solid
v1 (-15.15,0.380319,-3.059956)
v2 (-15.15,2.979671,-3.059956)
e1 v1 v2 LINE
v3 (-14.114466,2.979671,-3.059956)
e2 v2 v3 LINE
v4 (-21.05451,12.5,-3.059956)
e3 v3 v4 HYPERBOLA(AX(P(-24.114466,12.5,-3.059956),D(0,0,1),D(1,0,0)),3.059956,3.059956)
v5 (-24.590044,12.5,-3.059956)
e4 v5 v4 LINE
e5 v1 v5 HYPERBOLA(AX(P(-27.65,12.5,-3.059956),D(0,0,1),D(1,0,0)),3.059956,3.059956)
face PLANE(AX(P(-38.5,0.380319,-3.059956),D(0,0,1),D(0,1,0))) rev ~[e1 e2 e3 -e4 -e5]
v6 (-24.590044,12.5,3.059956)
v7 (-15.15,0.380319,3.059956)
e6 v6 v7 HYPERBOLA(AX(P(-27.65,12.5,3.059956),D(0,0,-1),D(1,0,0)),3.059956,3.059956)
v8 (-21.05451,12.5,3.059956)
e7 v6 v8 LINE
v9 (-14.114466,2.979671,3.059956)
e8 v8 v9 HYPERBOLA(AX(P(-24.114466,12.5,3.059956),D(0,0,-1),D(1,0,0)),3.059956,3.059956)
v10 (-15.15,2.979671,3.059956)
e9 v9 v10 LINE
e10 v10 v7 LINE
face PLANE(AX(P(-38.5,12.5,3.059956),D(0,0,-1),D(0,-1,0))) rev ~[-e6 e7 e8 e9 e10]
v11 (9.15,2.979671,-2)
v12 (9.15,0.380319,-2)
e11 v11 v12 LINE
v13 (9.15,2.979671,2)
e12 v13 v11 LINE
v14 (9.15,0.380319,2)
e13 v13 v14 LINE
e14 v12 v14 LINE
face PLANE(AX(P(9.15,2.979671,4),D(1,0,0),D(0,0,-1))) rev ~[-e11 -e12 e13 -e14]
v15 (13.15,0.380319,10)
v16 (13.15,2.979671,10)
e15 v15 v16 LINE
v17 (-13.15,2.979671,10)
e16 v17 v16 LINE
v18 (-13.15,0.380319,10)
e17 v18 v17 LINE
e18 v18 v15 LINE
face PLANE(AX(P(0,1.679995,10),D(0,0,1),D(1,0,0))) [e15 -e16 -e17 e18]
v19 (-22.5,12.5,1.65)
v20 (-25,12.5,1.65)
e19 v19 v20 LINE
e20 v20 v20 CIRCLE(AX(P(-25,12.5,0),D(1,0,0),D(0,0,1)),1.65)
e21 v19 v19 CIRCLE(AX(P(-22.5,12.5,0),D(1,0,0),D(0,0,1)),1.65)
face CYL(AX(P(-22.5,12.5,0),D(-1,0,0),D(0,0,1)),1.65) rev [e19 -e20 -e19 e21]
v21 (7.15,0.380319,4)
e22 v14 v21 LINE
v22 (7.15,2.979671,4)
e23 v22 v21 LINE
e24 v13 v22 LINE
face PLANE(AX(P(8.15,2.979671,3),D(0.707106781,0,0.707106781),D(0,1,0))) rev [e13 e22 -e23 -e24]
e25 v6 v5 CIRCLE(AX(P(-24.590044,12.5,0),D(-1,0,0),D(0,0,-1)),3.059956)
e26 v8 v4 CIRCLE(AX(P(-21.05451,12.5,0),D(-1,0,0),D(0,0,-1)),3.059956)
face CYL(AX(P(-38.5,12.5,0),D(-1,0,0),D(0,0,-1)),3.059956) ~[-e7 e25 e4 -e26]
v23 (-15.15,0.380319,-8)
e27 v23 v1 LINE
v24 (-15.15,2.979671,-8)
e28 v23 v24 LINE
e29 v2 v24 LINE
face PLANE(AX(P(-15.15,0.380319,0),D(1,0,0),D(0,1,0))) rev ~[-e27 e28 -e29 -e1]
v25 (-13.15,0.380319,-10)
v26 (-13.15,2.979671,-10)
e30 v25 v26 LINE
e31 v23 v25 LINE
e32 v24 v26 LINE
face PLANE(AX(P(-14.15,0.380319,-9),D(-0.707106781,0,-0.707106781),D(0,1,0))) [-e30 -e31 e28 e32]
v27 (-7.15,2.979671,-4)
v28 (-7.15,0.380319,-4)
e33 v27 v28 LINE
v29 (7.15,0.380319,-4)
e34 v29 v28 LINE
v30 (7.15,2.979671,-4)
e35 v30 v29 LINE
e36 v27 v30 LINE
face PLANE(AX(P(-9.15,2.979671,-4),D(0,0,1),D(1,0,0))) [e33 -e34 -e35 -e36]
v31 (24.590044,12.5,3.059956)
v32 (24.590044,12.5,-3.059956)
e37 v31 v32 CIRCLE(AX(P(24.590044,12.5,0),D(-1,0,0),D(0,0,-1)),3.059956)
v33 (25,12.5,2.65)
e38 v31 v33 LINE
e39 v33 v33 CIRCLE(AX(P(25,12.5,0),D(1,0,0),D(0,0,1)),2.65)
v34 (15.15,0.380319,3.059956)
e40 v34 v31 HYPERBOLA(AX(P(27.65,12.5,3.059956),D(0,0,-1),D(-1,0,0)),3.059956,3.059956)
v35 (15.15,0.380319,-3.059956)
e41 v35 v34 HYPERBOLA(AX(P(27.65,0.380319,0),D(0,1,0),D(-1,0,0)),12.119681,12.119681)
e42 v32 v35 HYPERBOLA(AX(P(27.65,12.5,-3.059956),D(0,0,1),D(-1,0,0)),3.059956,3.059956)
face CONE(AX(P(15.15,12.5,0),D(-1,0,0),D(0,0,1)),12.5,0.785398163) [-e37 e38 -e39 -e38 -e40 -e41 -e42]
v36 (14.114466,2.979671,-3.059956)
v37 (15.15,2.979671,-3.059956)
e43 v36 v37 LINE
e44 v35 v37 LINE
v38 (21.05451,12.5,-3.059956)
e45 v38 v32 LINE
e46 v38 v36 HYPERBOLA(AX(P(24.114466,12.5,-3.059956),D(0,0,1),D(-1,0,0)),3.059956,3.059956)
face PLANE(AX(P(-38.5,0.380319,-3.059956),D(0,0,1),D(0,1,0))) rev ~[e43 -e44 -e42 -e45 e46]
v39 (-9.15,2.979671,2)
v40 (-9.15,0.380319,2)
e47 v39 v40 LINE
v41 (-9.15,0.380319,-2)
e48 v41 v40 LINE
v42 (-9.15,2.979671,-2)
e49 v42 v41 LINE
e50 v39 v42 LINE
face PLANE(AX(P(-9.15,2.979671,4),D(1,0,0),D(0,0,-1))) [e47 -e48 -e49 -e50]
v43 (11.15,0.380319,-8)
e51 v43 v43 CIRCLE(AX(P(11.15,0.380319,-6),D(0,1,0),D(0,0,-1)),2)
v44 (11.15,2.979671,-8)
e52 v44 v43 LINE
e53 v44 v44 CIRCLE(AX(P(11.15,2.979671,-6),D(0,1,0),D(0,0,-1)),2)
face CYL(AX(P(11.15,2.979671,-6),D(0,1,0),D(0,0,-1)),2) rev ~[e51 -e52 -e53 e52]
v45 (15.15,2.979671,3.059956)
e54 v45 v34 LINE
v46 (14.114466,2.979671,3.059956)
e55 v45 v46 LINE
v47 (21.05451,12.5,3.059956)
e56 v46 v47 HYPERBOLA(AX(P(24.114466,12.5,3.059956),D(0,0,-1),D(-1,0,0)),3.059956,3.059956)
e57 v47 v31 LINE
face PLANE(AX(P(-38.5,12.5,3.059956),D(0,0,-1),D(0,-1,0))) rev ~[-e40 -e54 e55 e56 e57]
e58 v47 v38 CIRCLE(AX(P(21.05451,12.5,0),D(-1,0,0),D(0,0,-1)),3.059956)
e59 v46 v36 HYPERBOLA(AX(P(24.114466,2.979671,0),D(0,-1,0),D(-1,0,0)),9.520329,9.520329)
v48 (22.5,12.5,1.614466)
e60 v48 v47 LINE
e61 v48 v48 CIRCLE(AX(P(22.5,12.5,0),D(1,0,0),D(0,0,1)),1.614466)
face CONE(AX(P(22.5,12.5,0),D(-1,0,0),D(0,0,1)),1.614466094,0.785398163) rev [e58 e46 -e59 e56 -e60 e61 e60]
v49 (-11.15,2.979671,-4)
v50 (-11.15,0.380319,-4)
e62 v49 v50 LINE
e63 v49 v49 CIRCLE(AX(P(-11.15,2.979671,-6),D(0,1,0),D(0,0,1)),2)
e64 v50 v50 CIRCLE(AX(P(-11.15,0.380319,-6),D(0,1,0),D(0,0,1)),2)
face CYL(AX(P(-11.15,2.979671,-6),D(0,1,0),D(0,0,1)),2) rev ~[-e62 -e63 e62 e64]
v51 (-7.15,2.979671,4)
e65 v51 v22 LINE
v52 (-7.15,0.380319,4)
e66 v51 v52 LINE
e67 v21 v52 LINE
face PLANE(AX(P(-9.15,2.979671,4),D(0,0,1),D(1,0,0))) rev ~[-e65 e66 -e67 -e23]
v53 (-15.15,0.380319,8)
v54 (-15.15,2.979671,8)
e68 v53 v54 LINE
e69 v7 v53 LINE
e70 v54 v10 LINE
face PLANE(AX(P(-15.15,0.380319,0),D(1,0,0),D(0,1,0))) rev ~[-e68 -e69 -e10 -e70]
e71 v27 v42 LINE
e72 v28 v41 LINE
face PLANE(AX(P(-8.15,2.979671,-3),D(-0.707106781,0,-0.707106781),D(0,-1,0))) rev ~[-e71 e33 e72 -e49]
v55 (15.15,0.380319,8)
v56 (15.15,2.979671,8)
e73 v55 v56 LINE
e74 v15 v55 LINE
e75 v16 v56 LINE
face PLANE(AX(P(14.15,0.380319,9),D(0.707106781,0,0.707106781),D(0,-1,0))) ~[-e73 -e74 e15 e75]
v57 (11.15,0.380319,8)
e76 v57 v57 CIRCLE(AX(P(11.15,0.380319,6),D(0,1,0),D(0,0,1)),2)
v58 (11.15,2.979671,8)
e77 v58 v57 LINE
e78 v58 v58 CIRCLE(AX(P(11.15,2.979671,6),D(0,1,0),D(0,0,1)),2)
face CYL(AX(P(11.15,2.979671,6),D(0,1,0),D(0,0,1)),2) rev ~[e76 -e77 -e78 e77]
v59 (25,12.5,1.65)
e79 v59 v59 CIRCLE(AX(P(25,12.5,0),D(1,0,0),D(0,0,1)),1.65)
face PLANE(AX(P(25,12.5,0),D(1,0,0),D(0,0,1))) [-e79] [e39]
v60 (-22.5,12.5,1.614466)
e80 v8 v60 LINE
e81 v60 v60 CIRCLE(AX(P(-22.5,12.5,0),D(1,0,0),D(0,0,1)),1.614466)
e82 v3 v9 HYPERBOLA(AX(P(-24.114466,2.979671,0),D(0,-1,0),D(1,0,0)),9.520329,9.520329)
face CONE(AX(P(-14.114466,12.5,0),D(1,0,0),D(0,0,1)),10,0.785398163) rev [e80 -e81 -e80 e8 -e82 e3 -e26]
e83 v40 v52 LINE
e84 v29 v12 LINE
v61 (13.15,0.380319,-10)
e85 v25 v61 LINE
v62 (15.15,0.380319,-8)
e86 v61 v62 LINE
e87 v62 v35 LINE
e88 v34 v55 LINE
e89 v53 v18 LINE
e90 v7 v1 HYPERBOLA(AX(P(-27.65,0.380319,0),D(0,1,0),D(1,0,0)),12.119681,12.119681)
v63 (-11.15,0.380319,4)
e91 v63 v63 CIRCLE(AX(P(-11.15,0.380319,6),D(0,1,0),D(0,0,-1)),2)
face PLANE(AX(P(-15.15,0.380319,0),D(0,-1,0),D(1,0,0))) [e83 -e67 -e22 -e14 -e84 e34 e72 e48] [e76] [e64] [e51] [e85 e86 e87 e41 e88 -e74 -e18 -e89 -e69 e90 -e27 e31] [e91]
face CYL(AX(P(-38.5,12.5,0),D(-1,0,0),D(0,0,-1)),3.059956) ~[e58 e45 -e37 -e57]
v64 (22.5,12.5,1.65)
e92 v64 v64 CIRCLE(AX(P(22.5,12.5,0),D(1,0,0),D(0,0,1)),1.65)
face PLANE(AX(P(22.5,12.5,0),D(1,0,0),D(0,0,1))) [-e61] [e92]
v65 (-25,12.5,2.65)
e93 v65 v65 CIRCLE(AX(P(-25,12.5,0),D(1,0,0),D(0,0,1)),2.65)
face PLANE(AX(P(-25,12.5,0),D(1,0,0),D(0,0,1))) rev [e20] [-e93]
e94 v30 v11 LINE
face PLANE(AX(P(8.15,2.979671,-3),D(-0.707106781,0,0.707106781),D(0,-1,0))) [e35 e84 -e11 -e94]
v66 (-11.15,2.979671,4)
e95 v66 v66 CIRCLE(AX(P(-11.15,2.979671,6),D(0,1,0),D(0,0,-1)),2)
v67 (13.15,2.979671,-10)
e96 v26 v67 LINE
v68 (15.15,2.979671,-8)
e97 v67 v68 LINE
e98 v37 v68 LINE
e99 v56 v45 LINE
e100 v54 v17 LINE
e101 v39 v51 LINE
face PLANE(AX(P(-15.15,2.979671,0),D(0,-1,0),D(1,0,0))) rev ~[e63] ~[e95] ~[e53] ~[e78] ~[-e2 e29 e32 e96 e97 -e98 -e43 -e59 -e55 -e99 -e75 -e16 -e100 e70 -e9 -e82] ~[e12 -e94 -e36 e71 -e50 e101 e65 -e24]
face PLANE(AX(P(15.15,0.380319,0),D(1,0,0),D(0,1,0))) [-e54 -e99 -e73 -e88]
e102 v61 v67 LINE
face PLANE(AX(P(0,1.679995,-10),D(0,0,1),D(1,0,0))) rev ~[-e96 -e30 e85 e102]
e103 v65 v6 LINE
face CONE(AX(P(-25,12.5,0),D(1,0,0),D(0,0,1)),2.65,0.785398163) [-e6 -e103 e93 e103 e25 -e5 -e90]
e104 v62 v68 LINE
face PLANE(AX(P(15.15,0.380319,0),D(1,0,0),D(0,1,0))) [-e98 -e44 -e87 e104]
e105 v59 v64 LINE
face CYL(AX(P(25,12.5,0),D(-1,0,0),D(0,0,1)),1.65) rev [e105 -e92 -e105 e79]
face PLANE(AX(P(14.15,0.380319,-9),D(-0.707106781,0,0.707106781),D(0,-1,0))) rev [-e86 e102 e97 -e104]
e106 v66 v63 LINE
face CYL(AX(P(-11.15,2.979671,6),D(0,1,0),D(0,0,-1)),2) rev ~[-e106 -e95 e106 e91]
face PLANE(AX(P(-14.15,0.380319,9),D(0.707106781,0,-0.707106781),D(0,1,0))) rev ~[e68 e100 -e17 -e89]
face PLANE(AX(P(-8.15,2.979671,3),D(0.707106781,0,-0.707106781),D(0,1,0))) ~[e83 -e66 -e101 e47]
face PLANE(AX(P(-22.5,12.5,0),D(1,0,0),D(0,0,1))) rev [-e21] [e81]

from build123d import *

# Parameters (mm, degrees)
CUT_EXTRUDE1_DEPTH      = 38.5
CUT_EXTRUDE1_DEPTH_BACK = 38.5
SKETCH2_OUTSIDE_W       = 39.248
SKETCH2_OUTSIDE_H       = 39.248
SKETCH11_W              = 30.3
SKETCH11_H              = 2.599351838
BOSS_EXTRUDE2_DEPTH     = 10
CUT_EXTRUDE6_DEPTH      = 45.205596297
CUT_EXTRUDE6_DEPTH_BACK = 45.205596297
SKETCH13_W              = 18.3
SKETCH13_H              = 8
CUT_EXTRUDE7_DEPTH      = 30.719750749
SKETCH14_R              = 2
CUT_EXTRUDE8_DEPTH      = 30.719750749
CHAMFER1_SIZE           = 2


with BuildPart() as part:
    # Sketch1 → Revolve1 (revolve)
    with BuildSketch(Plane.XY, mode=Mode.PRIVATE) as revolve1_sk:
        Polygon((15.15, 0), (25, 9.85), (25, 10.85), (22.5, 10.85), (22.5, 10.885533906), (14.114466094, 2.5), (-14.114466094, 2.5), (-22.5, 10.885533906), (-22.5, 10.85), (-25, 10.85), (-25, 9.85), (-15.15, 0), align=None)
    revolve(revolve1_sk.sketch.rotate(Axis((-0.079113924, 12.5, 0), (1, 0, 0)), 270), axis=Axis((-0.079113924, 12.5, 0), (1, 0, 0)))

    # Sketch2 outside → Cut-Extrude1 (cut, two sides: drawn at the far end of the back side and taken through both)
    with BuildSketch(Plane(origin=(0, 0, 0), x_dir=(0, 0, -1), z_dir=(1, 0, 0)).offset(-CUT_EXTRUDE1_DEPTH_BACK)):
        with Locations((0, 12.5)):
            Rectangle(SKETCH2_OUTSIDE_W, SKETCH2_OUTSIDE_H)
        with BuildLine():
            Line((-3.059956427, 12.5), (-3.059956427, 0.380319036))
            ThreePointArc((-3.059956427, 0.380319036), (0, 0), (3.059956427, 0.380319036))
            Line((3.059956427, 0.380319036), (3.059956427, 12.5))
            ThreePointArc((3.059956427, 12.5), (0, 15.559956427), (-3.059956427, 12.5))
        make_face(mode=Mode.SUBTRACT)
    extrude(amount=CUT_EXTRUDE1_DEPTH + CUT_EXTRUDE1_DEPTH_BACK, mode=Mode.SUBTRACT)

    # Sketch11 → Boss-Extrude2 (add, symmetric)
    with BuildSketch(Plane.XY):
        with Locations((0, 1.679994955)):
            Rectangle(SKETCH11_W, SKETCH11_H)
    extrude(amount=BOSS_EXTRUDE2_DEPTH, both=True)

    # Sketch12 → Cut-Extrude6 (cut, two sides: drawn at the far end of the back side and taken through both)
    with BuildSketch(Plane.ZY.offset(15.15).offset(-CUT_EXTRUDE6_DEPTH_BACK)):
        with BuildLine():
            Line((-3.059956427, 0.380319036), (3.059956427, 0.380319036))
            ThreePointArc((3.059956427, 0.380319036), (0, 0), (-3.059956427, 0.380319036))
        make_face()
    extrude(amount=CUT_EXTRUDE6_DEPTH + CUT_EXTRUDE6_DEPTH_BACK, mode=Mode.SUBTRACT)

    # Sketch13 → Cut-Extrude7 (cut, through all)
    with BuildSketch(Plane(origin=(0, 2.979670874, 0), x_dir=(1, 0, 0), z_dir=(0, 1, 0))):
        Rectangle(SKETCH13_W, SKETCH13_H)
    extrude(amount=-CUT_EXTRUDE7_DEPTH, mode=Mode.SUBTRACT)

    # Sketch14 → Cut-Extrude8 (cut, through all)
    with BuildSketch(Plane(origin=(0, 2.979670874, 0), x_dir=(1, 0, 0), z_dir=(0, 1, 0))):
        with Locations(Location((11.15, -6, 0), (0, 0, 270))):
            Circle(SKETCH14_R)
        with Locations(Location((-11.15, -6, 0), (0, 0, 90))):
            Circle(SKETCH14_R)
        with Locations(Location((-11.15, 6, 0), (0, 0, 270))):
            Circle(SKETCH14_R)
        with Locations(Location((11.15, 6, 0), (0, 0, 90))):
            Circle(SKETCH14_R)
    extrude(amount=-CUT_EXTRUDE8_DEPTH, mode=Mode.SUBTRACT)

    # Chamfer1
    chamfer1_edges = [part.edges().sort_by_distance(p)[0] for p in [
        (-9.15, 1.679994955, -4),
        (9.15, 1.679994955, -4),
        (9.15, 1.679994955, 4),
        (-9.15, 1.679994955, 4),
        (15.15, 1.679994955, -10),
        (-15.15, 1.679994955, -10),
        (15.15, 1.679994955, 10),
        (-15.15, 1.679994955, 10),
    ]]
    chamfer(chamfer1_edges, length=CHAMFER1_SIZE)


solid = part.part
